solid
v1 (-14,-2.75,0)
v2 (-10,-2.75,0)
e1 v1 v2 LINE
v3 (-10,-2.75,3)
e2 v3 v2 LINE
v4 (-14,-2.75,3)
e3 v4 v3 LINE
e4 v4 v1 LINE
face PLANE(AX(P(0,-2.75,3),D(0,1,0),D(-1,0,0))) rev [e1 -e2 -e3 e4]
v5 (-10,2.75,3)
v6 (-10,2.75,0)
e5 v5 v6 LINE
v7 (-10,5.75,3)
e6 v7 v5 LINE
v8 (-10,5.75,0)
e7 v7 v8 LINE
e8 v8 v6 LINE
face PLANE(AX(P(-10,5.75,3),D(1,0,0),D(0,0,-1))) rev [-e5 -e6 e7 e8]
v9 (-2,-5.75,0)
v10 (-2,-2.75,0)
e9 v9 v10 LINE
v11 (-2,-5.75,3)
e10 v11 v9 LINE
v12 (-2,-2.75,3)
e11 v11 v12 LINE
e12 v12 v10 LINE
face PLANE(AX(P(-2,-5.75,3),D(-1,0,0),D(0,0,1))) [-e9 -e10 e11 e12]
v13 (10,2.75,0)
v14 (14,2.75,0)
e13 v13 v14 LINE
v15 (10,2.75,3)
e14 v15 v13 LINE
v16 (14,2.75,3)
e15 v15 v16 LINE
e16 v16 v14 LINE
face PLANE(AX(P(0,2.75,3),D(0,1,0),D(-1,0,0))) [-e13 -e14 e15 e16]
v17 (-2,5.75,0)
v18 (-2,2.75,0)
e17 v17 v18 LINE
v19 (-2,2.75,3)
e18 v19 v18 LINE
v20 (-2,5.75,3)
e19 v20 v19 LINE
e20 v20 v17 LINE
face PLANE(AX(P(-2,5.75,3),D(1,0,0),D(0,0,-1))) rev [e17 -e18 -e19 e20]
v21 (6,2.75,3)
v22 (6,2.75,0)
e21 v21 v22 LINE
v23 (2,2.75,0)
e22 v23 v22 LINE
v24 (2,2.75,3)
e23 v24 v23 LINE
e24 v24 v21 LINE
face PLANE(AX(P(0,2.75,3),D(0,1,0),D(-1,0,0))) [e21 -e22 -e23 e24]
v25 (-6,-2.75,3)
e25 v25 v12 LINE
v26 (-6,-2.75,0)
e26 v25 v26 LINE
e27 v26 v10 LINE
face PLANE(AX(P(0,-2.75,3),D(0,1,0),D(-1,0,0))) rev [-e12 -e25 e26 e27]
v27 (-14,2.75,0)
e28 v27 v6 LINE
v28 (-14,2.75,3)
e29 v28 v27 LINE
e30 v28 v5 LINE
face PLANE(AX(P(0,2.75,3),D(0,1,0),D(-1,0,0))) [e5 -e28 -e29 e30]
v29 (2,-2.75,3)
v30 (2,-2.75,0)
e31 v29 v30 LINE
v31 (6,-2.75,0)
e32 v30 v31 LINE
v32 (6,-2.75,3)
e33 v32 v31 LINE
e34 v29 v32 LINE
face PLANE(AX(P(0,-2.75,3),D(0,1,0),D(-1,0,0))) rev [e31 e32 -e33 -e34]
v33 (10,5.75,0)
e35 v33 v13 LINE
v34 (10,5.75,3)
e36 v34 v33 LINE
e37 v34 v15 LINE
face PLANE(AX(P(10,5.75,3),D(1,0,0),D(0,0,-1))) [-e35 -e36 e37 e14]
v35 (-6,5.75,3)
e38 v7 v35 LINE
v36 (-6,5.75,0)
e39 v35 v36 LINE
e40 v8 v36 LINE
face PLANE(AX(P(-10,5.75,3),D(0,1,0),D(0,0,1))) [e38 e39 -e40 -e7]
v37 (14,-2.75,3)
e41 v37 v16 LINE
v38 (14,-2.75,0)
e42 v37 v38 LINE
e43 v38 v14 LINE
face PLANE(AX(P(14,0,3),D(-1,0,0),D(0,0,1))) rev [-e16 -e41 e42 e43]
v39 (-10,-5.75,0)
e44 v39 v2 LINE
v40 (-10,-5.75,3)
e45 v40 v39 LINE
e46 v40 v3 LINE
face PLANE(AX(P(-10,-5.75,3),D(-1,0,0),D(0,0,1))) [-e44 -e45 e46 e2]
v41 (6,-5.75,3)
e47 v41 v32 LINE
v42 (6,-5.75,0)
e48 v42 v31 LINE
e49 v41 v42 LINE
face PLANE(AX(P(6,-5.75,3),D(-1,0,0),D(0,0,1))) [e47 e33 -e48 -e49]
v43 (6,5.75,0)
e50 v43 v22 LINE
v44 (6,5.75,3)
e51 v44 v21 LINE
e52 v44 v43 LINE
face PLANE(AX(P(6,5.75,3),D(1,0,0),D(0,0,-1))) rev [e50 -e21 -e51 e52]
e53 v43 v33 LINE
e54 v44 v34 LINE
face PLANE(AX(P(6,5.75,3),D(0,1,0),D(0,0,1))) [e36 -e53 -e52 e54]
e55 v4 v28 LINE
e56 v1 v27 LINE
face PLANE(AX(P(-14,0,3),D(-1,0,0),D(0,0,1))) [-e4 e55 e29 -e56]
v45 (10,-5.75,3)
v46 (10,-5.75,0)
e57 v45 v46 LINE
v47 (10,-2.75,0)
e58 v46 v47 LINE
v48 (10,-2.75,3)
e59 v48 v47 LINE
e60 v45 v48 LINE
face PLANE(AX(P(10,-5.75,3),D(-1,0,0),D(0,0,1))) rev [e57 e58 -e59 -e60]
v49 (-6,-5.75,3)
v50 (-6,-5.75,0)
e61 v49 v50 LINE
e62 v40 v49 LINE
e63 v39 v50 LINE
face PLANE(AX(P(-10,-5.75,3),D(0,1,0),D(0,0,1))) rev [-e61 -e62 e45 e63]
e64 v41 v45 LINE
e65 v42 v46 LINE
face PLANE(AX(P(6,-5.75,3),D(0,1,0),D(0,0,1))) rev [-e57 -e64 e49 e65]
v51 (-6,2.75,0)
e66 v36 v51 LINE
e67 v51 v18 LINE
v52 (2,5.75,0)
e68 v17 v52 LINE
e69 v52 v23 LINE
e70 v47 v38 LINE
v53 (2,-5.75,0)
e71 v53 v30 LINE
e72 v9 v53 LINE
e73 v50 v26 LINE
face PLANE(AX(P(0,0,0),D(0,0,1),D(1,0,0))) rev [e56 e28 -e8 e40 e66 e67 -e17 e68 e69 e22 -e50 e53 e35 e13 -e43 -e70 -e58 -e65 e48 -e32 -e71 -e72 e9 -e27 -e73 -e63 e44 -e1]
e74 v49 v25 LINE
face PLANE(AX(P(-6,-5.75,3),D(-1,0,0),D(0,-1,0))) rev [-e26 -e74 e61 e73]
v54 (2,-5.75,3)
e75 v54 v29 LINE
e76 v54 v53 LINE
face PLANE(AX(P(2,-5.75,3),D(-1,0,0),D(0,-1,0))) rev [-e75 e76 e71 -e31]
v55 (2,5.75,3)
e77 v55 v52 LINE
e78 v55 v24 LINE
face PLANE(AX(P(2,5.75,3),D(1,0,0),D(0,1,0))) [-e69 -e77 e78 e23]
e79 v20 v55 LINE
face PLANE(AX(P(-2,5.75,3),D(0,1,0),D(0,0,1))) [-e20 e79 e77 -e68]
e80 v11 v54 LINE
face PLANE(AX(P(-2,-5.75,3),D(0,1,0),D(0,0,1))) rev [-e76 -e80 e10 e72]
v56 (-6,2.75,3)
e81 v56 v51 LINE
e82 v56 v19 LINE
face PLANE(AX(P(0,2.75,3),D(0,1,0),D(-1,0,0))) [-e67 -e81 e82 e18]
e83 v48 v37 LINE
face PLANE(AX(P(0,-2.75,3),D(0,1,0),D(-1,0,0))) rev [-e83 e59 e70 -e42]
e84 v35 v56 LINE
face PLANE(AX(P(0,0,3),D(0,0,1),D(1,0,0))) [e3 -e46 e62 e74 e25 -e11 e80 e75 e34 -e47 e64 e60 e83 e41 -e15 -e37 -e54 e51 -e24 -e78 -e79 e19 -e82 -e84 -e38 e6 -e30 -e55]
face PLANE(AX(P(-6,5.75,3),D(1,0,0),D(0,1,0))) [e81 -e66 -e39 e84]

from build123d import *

# Parameters (mm, degrees)
SALIENTE_EXTRUIR1_DEPTH = 3


with BuildPart() as part:
    # Croquis1 → Saliente-Extruir1 (new body)
    with BuildSketch(Plane.XY):
        Polygon((-10, -2.75), (-10, -5.75), (-6, -5.75), (-6, -2.75), (-2, -2.75), (-2, -5.75), (2, -5.75), (2, -2.75), (6, -2.75), (6, -5.75), (10, -5.75), (10, -2.75), (14, -2.75), (14, 2.75), (10, 2.75), (10, 5.75), (6, 5.75), (6, 2.75), (2, 2.75), (2, 5.75), (-2, 5.75), (-2, 2.75), (-6, 2.75), (-6, 5.75), (-10, 5.75), (-10, 2.75), (-14, 2.75), (-14, -2.75), align=None)
    extrude(amount=SALIENTE_EXTRUIR1_DEPTH)


solid = part.part
